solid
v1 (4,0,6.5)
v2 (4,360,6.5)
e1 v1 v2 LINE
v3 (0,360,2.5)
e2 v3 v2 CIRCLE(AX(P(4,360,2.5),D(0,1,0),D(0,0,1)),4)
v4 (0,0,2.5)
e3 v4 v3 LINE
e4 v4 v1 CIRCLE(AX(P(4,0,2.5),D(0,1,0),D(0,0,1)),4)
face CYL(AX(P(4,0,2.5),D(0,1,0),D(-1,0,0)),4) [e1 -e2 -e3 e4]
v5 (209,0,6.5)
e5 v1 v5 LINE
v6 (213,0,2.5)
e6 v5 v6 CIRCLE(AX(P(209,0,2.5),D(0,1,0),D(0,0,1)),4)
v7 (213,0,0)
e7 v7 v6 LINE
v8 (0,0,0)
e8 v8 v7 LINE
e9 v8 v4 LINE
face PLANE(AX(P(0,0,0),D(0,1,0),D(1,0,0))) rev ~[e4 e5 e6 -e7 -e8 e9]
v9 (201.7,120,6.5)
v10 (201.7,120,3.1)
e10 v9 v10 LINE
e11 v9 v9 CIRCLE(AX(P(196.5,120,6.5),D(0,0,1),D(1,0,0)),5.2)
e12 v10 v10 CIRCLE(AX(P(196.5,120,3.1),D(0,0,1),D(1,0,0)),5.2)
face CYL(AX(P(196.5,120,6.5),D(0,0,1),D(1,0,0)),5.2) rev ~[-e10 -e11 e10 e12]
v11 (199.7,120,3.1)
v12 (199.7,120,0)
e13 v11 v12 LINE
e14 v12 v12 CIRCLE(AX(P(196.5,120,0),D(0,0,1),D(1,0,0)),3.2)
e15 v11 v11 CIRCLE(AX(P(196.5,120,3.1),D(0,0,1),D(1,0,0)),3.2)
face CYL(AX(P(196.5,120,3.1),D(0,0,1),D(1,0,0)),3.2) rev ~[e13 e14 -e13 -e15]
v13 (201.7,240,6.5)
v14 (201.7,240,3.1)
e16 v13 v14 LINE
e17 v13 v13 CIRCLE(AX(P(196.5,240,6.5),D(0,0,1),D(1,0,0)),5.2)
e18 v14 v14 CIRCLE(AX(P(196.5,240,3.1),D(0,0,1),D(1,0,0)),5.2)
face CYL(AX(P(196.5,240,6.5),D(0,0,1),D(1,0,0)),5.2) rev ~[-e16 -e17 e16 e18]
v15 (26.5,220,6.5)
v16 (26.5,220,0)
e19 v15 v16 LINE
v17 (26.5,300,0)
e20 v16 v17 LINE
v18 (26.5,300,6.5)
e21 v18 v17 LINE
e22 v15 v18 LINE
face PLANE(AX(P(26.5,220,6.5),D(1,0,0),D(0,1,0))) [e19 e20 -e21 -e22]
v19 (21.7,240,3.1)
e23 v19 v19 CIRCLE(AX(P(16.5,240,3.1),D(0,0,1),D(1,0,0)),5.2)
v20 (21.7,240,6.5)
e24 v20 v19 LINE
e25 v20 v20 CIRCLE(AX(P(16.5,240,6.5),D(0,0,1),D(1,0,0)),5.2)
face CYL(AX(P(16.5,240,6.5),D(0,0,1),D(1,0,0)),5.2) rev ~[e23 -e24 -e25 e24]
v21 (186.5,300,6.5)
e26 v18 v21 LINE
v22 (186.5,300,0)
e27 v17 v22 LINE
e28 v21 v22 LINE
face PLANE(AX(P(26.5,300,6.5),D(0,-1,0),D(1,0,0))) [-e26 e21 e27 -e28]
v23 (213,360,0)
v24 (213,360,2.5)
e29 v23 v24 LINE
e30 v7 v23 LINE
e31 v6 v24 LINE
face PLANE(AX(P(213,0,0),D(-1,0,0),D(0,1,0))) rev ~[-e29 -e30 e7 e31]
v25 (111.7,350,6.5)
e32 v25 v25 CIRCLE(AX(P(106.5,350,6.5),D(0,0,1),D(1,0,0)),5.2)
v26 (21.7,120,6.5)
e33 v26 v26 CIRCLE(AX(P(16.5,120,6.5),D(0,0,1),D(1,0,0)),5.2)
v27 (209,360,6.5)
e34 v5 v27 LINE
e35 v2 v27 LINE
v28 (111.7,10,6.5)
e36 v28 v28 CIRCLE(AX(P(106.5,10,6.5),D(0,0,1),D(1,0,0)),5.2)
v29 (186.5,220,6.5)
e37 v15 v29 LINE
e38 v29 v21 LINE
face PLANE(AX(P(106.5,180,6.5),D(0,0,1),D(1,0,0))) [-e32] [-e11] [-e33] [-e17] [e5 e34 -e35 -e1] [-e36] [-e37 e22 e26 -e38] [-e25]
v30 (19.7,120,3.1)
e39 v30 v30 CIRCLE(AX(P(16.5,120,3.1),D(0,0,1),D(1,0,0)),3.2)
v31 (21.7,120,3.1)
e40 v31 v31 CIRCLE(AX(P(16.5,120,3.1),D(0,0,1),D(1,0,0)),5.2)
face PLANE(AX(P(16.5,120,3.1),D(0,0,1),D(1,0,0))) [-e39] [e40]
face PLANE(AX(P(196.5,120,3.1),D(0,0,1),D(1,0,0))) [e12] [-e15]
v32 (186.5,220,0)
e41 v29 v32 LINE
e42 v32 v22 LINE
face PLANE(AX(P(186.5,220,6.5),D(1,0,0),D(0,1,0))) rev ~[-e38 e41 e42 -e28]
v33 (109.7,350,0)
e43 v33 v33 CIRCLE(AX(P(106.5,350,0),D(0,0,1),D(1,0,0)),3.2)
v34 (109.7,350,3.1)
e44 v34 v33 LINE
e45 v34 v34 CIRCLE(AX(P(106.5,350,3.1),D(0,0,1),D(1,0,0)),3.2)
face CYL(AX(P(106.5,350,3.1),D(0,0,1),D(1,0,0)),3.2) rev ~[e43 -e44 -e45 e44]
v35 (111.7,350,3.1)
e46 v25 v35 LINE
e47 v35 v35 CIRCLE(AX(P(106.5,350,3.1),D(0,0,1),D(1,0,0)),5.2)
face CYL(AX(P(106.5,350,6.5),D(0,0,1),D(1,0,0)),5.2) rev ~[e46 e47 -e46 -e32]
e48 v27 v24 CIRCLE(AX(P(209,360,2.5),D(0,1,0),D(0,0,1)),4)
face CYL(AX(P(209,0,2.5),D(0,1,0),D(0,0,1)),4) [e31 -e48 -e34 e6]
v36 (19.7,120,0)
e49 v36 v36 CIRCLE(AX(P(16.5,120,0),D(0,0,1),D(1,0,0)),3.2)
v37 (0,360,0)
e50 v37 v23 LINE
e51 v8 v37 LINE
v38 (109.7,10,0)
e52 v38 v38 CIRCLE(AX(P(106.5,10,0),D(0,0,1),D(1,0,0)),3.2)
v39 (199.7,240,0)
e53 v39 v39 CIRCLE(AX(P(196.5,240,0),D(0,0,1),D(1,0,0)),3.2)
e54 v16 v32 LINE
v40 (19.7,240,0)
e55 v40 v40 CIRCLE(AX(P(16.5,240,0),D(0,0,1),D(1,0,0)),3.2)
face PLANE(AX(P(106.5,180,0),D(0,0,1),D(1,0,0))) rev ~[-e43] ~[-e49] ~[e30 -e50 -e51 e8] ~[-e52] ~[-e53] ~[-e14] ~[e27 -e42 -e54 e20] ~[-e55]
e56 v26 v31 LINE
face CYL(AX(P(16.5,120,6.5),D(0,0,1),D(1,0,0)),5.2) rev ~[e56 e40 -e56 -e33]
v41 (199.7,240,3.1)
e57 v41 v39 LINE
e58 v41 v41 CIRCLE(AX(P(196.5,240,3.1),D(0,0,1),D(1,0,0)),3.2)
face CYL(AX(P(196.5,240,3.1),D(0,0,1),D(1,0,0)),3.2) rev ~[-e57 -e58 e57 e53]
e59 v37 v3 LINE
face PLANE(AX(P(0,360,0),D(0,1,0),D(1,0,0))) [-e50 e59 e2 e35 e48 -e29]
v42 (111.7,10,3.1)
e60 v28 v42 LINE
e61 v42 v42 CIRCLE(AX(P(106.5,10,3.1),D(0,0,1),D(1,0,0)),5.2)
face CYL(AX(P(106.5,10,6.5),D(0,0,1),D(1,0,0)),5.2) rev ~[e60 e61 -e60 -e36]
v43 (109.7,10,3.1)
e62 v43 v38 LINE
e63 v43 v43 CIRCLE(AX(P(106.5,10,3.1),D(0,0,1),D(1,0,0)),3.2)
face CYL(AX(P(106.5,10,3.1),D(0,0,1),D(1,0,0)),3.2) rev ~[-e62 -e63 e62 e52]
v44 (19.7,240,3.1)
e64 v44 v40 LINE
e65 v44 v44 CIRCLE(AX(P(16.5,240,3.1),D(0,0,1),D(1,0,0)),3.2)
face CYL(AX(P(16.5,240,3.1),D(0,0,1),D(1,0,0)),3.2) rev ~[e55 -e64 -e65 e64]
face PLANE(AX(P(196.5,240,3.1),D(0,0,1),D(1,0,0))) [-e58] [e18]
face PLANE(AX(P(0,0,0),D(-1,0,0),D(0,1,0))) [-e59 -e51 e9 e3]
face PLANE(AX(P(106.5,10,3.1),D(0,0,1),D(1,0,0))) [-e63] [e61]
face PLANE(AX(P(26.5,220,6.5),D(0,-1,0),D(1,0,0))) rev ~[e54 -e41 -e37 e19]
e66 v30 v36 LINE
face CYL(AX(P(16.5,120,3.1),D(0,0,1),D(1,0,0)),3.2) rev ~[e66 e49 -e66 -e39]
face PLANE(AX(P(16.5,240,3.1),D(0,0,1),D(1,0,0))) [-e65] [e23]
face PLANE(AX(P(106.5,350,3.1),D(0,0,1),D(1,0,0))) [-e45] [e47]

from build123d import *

# Parameters (mm, degrees)
SKETCH_W        = 213
SKETCH_H        = 360
PAD_DEPTH       = 6.5
SKETCH001_R     = 5.2
POCKET_DEPTH    = 3.4
SKETCH002_R     = 3.2
POCKET001_DEPTH = 3.1
FILLET_R        = 4
SKETCH003_W     = 160
SKETCH003_H     = 80
POCKET002_DEPTH = 6.5


with BuildPart() as part:
    # Sketch → Pad (new body)
    with BuildSketch(Plane.XY):
        with Locations((106.5, 180)):
            Rectangle(SKETCH_W, SKETCH_H)
    extrude(amount=PAD_DEPTH)

    # Sketch001 (on Face6 of Pad) → Pocket (cut)
    with BuildSketch(Plane.XY.offset(6.5)):
        with Locations((106.5, 350)):
            Circle(SKETCH001_R)
        with Locations((16.5, 240)):
            Circle(SKETCH001_R)
        with Locations((16.5, 120)):
            Circle(SKETCH001_R)
        with Locations((196.5, 240)):
            Circle(SKETCH001_R)
        with Locations((196.5, 120)):
            Circle(SKETCH001_R)
        with Locations((106.5, 10)):
            Circle(SKETCH001_R)
    extrude(amount=-POCKET_DEPTH, mode=Mode.SUBTRACT)

    # Sketch002 (on Face17 of Pocket) → Pocket001 (cut)
    with BuildSketch(Plane.XY.offset(3.1)):
        with Locations((106.5, 350)):
            Circle(SKETCH002_R)
        with Locations((16.5, 240)):
            Circle(SKETCH002_R)
        with Locations((16.5, 120)):
            Circle(SKETCH002_R)
        with Locations((196.5, 240)):
            Circle(SKETCH002_R)
        with Locations((196.5, 120)):
            Circle(SKETCH002_R)
        with Locations((106.5, 10)):
            Circle(SKETCH002_R)
    extrude(amount=-POCKET001_DEPTH, mode=Mode.SUBTRACT)

    # Fillet
    fillet_edges = [part.edges().sort_by_distance(p)[0] for p in [
        (213, 180, 6.5),
        (0, 180, 6.5),
    ]]
    fillet(fillet_edges, radius=FILLET_R)

    # Sketch003 (on Face5 of Fillet) → Pocket002 (cut)
    with BuildSketch(Plane.XY.offset(6.5)):
        with Locations((106.5, 260)):
            Rectangle(SKETCH003_W, SKETCH003_H)
    extrude(amount=-POCKET002_DEPTH, mode=Mode.SUBTRACT)


solid = part.part
